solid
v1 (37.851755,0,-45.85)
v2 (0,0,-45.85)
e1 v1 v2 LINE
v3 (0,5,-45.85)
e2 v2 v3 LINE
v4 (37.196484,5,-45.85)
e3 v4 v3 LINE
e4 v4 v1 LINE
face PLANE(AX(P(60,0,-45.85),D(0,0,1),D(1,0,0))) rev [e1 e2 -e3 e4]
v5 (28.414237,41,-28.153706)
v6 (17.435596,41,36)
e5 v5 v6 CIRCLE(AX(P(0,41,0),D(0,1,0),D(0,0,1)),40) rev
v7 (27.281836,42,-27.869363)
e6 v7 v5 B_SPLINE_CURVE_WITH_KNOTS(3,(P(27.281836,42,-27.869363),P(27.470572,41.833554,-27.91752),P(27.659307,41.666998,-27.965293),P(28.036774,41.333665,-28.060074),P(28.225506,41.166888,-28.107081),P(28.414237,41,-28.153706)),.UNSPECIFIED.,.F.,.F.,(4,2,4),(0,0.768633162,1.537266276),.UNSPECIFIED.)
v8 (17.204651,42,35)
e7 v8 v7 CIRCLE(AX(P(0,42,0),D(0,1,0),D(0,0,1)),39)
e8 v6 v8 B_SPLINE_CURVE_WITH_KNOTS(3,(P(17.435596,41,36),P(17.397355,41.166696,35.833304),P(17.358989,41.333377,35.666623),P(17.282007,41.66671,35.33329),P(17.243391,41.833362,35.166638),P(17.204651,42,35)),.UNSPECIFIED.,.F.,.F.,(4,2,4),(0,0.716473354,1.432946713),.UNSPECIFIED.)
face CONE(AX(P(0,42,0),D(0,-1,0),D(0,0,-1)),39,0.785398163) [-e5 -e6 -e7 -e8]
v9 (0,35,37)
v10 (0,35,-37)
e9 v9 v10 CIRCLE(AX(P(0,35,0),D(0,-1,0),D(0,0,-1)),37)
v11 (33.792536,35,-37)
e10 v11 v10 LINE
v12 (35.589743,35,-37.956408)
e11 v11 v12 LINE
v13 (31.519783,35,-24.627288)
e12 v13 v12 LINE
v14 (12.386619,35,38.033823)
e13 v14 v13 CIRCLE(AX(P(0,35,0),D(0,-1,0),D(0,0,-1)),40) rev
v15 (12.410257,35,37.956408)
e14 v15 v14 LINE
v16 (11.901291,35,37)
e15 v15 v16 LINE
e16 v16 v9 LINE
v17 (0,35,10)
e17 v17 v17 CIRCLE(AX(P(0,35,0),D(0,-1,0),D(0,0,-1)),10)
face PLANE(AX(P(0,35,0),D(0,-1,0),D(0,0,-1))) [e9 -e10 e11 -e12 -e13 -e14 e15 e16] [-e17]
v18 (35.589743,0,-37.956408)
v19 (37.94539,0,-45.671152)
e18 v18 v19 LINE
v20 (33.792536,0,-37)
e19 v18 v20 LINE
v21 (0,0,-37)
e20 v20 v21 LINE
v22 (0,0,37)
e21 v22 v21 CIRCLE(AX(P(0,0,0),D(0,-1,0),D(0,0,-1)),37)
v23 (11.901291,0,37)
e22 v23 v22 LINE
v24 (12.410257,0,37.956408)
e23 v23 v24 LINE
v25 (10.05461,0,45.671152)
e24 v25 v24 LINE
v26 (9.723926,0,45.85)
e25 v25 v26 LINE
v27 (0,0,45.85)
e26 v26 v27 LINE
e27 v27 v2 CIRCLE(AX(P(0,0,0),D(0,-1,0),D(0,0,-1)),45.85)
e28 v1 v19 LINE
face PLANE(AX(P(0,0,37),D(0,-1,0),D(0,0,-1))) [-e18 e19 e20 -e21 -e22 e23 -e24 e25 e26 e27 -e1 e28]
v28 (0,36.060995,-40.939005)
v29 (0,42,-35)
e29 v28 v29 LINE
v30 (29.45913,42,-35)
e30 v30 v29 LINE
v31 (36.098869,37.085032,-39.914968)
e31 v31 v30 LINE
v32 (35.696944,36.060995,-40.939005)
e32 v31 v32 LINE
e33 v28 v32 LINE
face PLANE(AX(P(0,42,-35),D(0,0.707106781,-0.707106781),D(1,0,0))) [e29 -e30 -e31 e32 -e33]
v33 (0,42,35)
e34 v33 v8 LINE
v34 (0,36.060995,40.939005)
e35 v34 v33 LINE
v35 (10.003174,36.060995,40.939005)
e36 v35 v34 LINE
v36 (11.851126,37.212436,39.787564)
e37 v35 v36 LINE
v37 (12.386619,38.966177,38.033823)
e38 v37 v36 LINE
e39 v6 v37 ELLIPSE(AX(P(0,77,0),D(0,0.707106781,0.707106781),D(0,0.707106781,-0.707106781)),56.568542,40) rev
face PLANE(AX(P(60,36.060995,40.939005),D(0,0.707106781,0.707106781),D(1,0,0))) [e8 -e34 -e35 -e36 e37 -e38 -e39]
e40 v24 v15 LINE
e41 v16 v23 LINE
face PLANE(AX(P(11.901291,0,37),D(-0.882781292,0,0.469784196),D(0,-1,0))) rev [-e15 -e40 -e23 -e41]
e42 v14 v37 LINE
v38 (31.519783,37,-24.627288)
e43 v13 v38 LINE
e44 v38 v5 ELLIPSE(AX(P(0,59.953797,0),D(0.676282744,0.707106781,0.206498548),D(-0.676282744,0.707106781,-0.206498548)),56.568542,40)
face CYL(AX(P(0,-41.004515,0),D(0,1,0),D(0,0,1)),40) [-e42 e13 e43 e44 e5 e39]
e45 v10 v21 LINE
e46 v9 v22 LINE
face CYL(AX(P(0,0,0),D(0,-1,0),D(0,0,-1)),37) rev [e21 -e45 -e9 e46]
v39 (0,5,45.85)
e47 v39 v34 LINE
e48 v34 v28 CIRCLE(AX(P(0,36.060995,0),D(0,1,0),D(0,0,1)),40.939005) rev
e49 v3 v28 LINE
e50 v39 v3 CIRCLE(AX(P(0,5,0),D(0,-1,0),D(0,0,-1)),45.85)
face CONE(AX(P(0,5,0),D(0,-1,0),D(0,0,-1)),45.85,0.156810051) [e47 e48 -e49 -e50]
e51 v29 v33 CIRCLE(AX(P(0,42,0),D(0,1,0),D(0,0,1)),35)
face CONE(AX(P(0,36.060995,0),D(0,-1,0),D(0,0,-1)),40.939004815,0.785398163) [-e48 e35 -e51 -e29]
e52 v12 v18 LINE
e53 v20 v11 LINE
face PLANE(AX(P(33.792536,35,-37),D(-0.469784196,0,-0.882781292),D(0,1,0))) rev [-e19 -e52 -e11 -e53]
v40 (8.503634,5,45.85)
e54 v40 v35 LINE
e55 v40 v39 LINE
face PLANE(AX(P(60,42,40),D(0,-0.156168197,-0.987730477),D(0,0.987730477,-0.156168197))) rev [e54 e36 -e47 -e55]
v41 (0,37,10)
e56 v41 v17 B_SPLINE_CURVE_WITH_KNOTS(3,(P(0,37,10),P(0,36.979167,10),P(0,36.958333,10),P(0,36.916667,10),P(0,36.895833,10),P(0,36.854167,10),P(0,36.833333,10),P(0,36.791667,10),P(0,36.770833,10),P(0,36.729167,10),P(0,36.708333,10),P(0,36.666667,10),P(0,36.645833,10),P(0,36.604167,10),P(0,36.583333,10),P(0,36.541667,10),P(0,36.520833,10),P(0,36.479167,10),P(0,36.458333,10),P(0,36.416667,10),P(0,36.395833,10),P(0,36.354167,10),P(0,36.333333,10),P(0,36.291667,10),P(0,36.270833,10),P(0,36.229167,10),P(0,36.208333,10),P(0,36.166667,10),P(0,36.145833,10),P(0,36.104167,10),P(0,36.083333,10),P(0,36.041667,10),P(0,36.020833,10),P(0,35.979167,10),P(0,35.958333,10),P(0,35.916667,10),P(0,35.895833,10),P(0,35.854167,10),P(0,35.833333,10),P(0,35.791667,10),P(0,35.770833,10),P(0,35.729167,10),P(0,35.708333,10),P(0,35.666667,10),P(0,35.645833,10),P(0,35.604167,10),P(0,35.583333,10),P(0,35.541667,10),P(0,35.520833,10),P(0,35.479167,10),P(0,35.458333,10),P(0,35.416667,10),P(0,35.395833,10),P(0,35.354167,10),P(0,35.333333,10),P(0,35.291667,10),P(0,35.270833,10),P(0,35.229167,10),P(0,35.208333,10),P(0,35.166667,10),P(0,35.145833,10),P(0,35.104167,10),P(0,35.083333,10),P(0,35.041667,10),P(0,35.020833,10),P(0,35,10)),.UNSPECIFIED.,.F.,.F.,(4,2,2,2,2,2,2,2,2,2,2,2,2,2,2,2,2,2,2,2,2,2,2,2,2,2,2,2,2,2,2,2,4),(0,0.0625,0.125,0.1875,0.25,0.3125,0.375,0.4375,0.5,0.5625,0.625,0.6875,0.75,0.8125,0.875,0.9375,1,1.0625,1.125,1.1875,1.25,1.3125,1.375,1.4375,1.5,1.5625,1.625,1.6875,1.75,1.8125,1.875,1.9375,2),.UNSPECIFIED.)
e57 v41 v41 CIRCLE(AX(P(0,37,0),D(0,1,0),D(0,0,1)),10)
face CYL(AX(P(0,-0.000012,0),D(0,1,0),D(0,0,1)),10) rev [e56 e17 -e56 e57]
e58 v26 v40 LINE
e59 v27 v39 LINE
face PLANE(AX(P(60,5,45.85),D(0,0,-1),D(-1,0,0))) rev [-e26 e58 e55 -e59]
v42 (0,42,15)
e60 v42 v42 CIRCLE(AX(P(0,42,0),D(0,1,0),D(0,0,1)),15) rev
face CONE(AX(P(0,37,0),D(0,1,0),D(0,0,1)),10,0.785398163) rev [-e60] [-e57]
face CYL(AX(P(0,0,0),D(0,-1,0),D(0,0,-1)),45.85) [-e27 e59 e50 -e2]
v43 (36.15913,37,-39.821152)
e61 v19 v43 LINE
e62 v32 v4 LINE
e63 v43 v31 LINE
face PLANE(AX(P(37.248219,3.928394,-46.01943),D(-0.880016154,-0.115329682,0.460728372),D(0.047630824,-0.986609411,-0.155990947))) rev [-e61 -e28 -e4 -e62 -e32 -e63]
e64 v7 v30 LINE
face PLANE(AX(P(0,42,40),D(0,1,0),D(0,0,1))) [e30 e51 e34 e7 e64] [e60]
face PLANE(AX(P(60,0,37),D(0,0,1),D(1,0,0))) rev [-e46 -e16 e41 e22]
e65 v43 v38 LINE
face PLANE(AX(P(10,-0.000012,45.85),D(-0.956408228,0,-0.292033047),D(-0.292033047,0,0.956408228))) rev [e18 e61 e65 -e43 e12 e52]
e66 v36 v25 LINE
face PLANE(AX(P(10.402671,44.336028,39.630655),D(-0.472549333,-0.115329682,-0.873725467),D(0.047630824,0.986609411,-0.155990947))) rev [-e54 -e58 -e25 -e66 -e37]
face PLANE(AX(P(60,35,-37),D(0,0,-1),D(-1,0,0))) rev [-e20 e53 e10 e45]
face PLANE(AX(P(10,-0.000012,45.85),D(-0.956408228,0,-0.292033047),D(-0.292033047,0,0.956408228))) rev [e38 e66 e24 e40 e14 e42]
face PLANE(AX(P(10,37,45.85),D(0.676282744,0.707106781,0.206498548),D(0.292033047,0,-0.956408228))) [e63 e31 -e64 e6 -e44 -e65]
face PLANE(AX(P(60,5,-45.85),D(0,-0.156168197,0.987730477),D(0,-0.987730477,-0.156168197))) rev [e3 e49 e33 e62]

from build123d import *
from OCP.BRepFilletAPI import BRepFilletAPI_MakeChamfer

# Parameters (mm, degrees)
REVOLVE1_ANGLE          = 180
BOSS_EXTRUDE1_DEPTH     = 60
CUT_EXTRUDE2_DEPTH      = 87.407305825
CUT_EXTRUDE2_DEPTH_BACK = 87.407305825
SKETCH8_R               = 10
BOSS_EXTRUDE2_DEPTH     = 7
CHAMFER1_SIZE           = 5
CHAMFER1_SIZE2          = 6.012778745
CHAMFER2_SIZE           = 1
CHAMFER2_SIZE2          = 0.800998829
CHAMFER2_SIZE2_2        = 1.505173624
CHAMFER2_SIZE2_3        = 0.802603699
CHAMFER2_SIZE2_4        = 1.49466769


with BuildPart() as part:
    # Sketch2 → Revolve1 (revolve)
    with BuildSketch(Plane(origin=(0, 0, 0), x_dir=(0, 0, -1), z_dir=(1, 0, 0))):
        Polygon((37, 0), (45.85, 0), (45.85, 5), (40, 42), (0, 42), (0, 35), (37, 35), align=None)
    revolve(axis=Axis((0, 0, 0), (0, 1, 0)), revolution_arc=REVOLVE1_ANGLE)

    # Sketch7 → Boss-Extrude1 (add)
    with BuildSketch(Plane(origin=(0, 0, 0), x_dir=(0, 0, -1), z_dir=(1, 0, 0))):
        Polygon((-37, 0), (-37, 35), (37, 35), (37, 0), (45.85, 0), (45.85, 5), (40, 42), (-40, 42), (-45.85, 5), (-45.85, 0), align=None)
    extrude(amount=BOSS_EXTRUDE1_DEPTH)

    # Sketch8 → Cut-Extrude2 (cut, two sides: drawn at the far end of the back side and taken through both)
    with BuildSketch(Plane(origin=(0, 0, 0), x_dir=(1, 0, 0), z_dir=(0, 1, 0)).offset(-CUT_EXTRUDE2_DEPTH_BACK)):
        with Locations(Location((0, 0, 0), (0, 0, 270))):
            Circle(SKETCH8_R)
        Polygon((10, -45.85), (38, 45.85), (138, 45.85), (138, -45.85), align=None)
    extrude(amount=CUT_EXTRUDE2_DEPTH + CUT_EXTRUDE2_DEPTH_BACK, mode=Mode.SUBTRACT)

    # Sketch9 → Boss-Extrude2 (add)
    with BuildSketch(Plane(origin=(0, 42, 0), x_dir=(1, 0, 0), z_dir=(0, 1, 0))):
        with BuildLine():
            Line((31.519782555, 24.627287867), (0, -40))
            ThreePointArc((0, -40), (35.951992397, -17.534373175), (31.519782555, 24.627287867))
        make_face()
    extrude(amount=-BOSS_EXTRUDE2_DEPTH)

    # Chamfer1: one chamfer whose edges measure the first distance from different faces: ONE call of the kernel's chamfer builder (chamfer() names one face for all edges)
    chamfer1_edges_1 = [part.edges().sort_by_distance(p)[0] for p in [
        (-40, 42, 0),
        (5.893129771, 42, 40),
        (18.106870229, 42, -40),
    ]]
    chamfer1_side_1 = [part.faces().sort_by_distance(p)[0] for p in [
        (18.106870229, 42, -38.86862915),
    ]]
    chamfer1_edges_2 = [part.edges().sort_by_distance(p)[0] for p in [
        (0, 42, -10),
        (33.866761506, 42, -32.313643934),
    ]]
    chamfer1 = BRepFilletAPI_MakeChamfer(part.part.solid().wrapped)
    for e in chamfer1_edges_1:
        chamfer1.Add(CHAMFER1_SIZE, CHAMFER1_SIZE2, e.wrapped, chamfer1_side_1[0].wrapped)  # the first distance lies on this face
    for e in chamfer1_edges_2:
        chamfer1.Add(CHAMFER1_SIZE, e.wrapped)
    add(Compound.cast(chamfer1.Shape()), mode=Mode.REPLACE)

    # Chamfer2: one chamfer whose edges measure the first distance from different faces: ONE call of the kernel's chamfer builder (chamfer() names one face for all edges)
    chamfer2_edges_1 = [part.edges().sort_by_distance(p)[0] for p in [
        (39.67158228, 42, 5.115228187),
    ]]
    chamfer2_edges_2 = [part.edges().sort_by_distance(p)[0] for p in [
        (12.702290076, 17.5, 37),
    ]]
    chamfer2_side_2 = [part.faces().sort_by_distance(p)[0] for p in [
        (11.622460622, 15.898187568, 40.536441463),
    ]]
    chamfer2_edges_3 = [part.edges().sort_by_distance(p)[0] for p in [
        (35.297709924, 17.5, -37),
    ]]
    chamfer2_side_3 = [part.faces().sort_by_distance(p)[0] for p in [
        (36.103314257, 17.732760886, -39.638354191),
    ]]
    chamfer2_edges_4 = [part.edges().sort_by_distance(p)[0] for p in [
        (37.250229743, 20.530497592, -43.394502408),
    ]]
    chamfer2_side_4 = [part.faces().sort_by_distance(p)[0] for p in [
        (36.103314257, 17.732760886, -39.638354191),
    ]]
    chamfer2_edges_5 = [part.edges().sort_by_distance(p)[0] for p in [
        (10.749770257, 20.530497592, 43.394502408),
    ]]
    chamfer2_side_5 = [part.faces().sort_by_distance(p)[0] for p in [
        (11.622460622, 15.898187568, 40.536441463),
    ]]
    chamfer2 = BRepFilletAPI_MakeChamfer(part.part.solid().wrapped)
    for e in chamfer2_edges_1:
        chamfer2.Add(CHAMFER2_SIZE, e.wrapped)
    for e in chamfer2_edges_2:
        chamfer2.Add(CHAMFER2_SIZE, CHAMFER2_SIZE2, e.wrapped, chamfer2_side_2[0].wrapped)  # the first distance lies on this face
    for e in chamfer2_edges_3:
        chamfer2.Add(CHAMFER2_SIZE, CHAMFER2_SIZE2_2, e.wrapped, chamfer2_side_3[0].wrapped)  # the first distance lies on this face
    for e in chamfer2_edges_4:
        chamfer2.Add(CHAMFER2_SIZE, CHAMFER2_SIZE2_3, e.wrapped, chamfer2_side_4[0].wrapped)  # the first distance lies on this face
    for e in chamfer2_edges_5:
        chamfer2.Add(CHAMFER2_SIZE, CHAMFER2_SIZE2_4, e.wrapped, chamfer2_side_5[0].wrapped)  # the first distance lies on this face
    add(Compound.cast(chamfer2.Shape()), mode=Mode.REPLACE)


solid = part.part
